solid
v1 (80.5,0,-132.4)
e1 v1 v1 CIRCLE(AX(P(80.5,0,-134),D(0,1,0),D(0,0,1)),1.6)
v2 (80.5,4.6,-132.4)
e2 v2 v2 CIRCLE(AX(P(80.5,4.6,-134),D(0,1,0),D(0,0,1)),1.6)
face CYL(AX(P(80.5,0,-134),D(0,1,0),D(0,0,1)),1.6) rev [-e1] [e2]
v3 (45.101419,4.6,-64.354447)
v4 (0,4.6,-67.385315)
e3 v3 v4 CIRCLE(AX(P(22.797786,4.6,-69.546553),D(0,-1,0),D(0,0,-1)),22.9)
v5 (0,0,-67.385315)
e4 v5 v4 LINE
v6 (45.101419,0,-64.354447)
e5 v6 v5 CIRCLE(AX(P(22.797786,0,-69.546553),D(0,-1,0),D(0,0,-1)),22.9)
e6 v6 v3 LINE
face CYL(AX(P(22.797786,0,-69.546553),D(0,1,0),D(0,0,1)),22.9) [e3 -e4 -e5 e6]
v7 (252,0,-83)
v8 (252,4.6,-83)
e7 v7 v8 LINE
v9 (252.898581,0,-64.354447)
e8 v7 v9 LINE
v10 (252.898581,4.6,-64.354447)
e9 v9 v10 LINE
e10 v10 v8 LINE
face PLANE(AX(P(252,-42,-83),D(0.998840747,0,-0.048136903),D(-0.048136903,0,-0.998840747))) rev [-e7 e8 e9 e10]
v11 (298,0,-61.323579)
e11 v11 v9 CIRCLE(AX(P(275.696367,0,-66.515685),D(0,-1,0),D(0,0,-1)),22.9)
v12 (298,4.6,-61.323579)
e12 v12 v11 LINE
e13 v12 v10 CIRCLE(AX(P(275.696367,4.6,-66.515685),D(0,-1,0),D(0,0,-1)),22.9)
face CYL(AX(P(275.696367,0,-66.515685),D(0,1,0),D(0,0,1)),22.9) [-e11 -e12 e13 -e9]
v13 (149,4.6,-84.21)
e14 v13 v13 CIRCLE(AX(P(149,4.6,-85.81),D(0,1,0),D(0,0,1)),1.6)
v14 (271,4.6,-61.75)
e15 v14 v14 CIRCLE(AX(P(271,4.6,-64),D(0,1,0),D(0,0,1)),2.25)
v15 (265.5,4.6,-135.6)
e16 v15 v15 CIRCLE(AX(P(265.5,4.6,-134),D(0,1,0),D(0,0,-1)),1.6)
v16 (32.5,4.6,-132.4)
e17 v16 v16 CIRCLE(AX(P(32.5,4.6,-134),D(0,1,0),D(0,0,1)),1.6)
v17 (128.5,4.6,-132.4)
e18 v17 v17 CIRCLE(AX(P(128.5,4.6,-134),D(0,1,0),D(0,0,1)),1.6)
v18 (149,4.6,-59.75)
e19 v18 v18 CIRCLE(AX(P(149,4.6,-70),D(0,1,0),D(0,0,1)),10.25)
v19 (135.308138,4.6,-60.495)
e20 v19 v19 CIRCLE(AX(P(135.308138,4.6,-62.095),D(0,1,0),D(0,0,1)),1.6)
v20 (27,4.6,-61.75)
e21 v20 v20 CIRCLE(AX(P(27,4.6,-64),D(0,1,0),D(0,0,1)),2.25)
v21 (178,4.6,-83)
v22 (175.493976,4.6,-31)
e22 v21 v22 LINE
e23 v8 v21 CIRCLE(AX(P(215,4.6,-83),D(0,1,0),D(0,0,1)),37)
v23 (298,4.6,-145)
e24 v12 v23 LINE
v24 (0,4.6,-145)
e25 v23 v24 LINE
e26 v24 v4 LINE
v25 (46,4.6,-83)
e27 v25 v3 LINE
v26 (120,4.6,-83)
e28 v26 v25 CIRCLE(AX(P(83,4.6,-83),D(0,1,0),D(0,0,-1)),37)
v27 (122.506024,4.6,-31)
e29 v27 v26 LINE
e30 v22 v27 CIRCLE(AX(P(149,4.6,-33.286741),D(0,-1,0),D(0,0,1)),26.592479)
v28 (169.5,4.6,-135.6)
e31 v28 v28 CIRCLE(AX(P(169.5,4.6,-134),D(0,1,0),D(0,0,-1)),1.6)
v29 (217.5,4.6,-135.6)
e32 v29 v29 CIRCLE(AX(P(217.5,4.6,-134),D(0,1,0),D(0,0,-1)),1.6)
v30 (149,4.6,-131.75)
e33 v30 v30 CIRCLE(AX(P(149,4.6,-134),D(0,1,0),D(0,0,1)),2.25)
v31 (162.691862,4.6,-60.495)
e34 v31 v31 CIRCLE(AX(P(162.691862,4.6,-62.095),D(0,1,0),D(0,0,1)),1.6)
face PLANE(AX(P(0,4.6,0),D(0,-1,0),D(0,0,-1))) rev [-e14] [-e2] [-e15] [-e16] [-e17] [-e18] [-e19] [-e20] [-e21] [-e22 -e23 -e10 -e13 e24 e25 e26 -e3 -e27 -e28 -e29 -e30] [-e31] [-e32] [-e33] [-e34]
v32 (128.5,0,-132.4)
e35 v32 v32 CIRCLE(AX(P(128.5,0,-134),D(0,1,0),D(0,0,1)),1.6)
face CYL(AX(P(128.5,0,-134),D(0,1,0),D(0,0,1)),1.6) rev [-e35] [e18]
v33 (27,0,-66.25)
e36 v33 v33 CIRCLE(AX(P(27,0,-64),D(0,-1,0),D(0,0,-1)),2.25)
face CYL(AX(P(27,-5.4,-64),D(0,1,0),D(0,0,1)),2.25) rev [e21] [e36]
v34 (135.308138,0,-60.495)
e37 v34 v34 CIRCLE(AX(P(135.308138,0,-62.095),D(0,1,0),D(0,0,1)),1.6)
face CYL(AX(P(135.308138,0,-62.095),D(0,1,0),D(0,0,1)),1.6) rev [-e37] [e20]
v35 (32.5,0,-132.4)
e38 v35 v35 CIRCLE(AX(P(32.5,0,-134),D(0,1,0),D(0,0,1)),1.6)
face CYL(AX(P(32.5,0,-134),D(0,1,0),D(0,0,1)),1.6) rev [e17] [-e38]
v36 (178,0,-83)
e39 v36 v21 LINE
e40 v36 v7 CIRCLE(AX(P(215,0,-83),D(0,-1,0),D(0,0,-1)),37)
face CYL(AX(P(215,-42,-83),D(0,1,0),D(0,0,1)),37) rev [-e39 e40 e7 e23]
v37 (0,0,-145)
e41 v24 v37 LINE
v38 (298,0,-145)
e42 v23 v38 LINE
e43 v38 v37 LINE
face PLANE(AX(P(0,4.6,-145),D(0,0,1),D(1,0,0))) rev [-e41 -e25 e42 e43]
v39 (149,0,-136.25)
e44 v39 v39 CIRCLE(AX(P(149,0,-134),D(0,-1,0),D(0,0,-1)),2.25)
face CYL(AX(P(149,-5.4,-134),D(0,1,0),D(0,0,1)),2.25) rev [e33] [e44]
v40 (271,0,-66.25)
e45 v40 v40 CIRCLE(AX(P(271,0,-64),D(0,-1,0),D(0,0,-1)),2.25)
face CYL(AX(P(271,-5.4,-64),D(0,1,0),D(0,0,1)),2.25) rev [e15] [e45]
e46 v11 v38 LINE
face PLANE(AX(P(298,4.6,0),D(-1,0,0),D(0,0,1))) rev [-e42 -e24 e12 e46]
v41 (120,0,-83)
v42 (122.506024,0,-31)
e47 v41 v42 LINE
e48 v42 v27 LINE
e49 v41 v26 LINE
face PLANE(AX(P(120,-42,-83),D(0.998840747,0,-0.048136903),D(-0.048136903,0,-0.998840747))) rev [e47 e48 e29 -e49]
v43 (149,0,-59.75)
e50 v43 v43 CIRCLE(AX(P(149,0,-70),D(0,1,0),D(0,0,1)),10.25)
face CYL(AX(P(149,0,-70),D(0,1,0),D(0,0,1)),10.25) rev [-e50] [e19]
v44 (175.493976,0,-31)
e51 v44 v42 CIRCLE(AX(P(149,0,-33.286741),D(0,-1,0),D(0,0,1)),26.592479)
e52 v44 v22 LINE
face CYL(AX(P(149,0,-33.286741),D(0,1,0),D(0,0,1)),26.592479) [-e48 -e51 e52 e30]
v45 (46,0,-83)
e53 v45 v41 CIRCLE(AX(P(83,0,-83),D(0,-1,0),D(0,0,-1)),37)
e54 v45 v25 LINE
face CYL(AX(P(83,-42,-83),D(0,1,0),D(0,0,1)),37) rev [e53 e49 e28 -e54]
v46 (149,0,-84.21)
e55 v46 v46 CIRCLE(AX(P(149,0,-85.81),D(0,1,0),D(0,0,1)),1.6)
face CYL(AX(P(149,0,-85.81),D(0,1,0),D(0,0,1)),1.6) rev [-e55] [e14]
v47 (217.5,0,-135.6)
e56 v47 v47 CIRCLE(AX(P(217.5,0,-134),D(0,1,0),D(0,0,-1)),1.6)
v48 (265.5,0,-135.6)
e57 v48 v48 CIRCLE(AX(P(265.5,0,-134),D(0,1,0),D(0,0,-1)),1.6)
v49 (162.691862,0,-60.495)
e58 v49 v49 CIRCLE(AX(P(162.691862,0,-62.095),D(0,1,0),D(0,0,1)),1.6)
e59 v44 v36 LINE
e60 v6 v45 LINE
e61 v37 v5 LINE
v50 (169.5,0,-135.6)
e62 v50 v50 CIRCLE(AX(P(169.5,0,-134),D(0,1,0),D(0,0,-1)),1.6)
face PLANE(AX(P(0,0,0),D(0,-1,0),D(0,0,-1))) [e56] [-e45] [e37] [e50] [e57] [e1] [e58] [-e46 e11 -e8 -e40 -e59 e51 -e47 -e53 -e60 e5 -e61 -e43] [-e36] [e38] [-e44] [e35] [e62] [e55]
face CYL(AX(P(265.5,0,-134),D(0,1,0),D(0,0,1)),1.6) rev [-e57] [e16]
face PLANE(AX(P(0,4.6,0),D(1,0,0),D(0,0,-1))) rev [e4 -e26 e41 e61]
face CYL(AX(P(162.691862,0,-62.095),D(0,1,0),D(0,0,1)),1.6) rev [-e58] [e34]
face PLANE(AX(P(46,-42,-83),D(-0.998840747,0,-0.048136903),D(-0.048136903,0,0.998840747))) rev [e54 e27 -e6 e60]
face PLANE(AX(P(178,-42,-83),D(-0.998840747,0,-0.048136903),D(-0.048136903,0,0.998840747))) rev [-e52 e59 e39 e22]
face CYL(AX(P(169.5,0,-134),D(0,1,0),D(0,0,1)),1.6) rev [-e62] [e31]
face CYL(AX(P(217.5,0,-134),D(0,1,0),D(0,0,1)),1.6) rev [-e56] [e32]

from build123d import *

# Parameters (mm, degrees)
ESQUISSE2_W                = 298
ESQUISSE2_H                = 145
BOSS_EXTRU_1_DEPTH         = 4.6
CREUX_STOCKAGE_VERRE_DEPTH = 46.6
ESQUISSE6_R                = 10.25
TROU_BILLE_DEPTH           = 5.6
ESQUISSE7_R                = 1.6
ENL_V_MAT_EXTRU_3_DEPTH    = 5.6
ENL_V_MAT_EXTRU_7_DEPTH    = 29
ESQUISSE17_R               = 1.6
ENL_V_MAT_EXTRU_14_DEPTH   = 4.6
BOSS_EXTRU_5_DEPTH         = 4.6
ENL_V_MAT_EXTRU_15_DEPTH   = 4.6
ENL_V_MAT_EXTRU_16_DEPTH   = 4.6
ESQUISSE12_R               = 2.25
ENL_V_MAT_EXTRU_17_DEPTH   = 10


with BuildPart() as part:
    # Esquisse2 → Boss.-Extru.1 (new body)
    with BuildSketch(Plane(origin=(0, 0, 0), x_dir=(1, 0, 0), z_dir=(0, 1, 0))):
        with Locations((149, 72.5)):
            Rectangle(ESQUISSE2_W, ESQUISSE2_H)
    extrude(amount=BOSS_EXTRU_1_DEPTH)

    # Esquisse3 → creux_stockage_verre (cut)
    with BuildSketch(Plane(origin=(0, 4.6, 0), x_dir=(1, 0, 0), z_dir=(0, 1, 0))):
        with BuildLine():
            Line((46, 83), (42, 0))
            Line((42, 0), (124, 0))
            Line((124, 0), (120, 83))
            ThreePointArc((120, 83), (83, 120), (46, 83))
        make_face()
        with BuildLine():
            Line((174, 0), (256, 0))
            Line((256, 0), (252, 83))
            ThreePointArc((252, 83), (215, 120), (178, 83))
            Line((178, 83), (174, 0))
        make_face()
    extrude(amount=-CREUX_STOCKAGE_VERRE_DEPTH, mode=Mode.SUBTRACT)

    # Esquisse6 → trou_bille (cut, through all)
    with BuildSketch(Plane(origin=(0, 4.6, 0), x_dir=(1, 0, 0), z_dir=(0, 1, 0))):
        with Locations((149, 70)):
            Circle(ESQUISSE6_R)
    extrude(amount=-TROU_BILLE_DEPTH, mode=Mode.SUBTRACT)

    # Esquisse7 → Enlèv. mat.-Extru.3 (cut, through all)
    with BuildSketch(Plane(origin=(0, 4.6, 0), x_dir=(1, 0, 0), z_dir=(0, 1, 0))):
        with Locations((32.5, 134)):
            Circle(ESQUISSE7_R)
        with Locations((80.5, 134)):
            Circle(ESQUISSE7_R)
        with Locations((128.5, 134)):
            Circle(ESQUISSE7_R)
        with Locations((217.5, 134)):
            Circle(ESQUISSE7_R)
        with Locations((169.5, 134)):
            Circle(ESQUISSE7_R)
        with Locations((265.5, 134)):
            Circle(ESQUISSE7_R)
    extrude(amount=-ENL_V_MAT_EXTRU_3_DEPTH, mode=Mode.SUBTRACT)

    # Esquisse9 → Enlèv. mat.-Extru.7 (cut)
    with BuildSketch(Plane(origin=(0, 4.6, 0), x_dir=(1, 0, 0), z_dir=(0, 1, 0))):
        with BuildLine():
            Line((123.101131567, 18.651519988), (120.058616356, -9.942070174))
            Line((120.058616356, -9.942070174), (178.789756957, -9.942070174))
            Line((178.789756957, -9.942070174), (174.898868433, 18.651519988))
            ThreePointArc((174.898868433, 18.651519988), (149, 12.489846239), (123.101131567, 18.651519988))
        make_face()
    extrude(amount=-ENL_V_MAT_EXTRU_7_DEPTH, mode=Mode.SUBTRACT)

    # Esquisse17 → Enlèv. mat.-Extru.14 (cut)
    with BuildSketch(Plane(origin=(0, 4.6, 0), x_dir=(1, 0, 0), z_dir=(0, 1, 0))):
        with Locations((149, 85.81)):
            Circle(ESQUISSE17_R)
        with Locations((135.308138366, 62.095)):
            Circle(ESQUISSE17_R)
        with Locations((162.691861634, 62.095)):
            Circle(ESQUISSE17_R)
    extrude(amount=-ENL_V_MAT_EXTRU_14_DEPTH, mode=Mode.SUBTRACT)

    # Esquisse15 → Boss.-Extru.5 (add)
    with BuildSketch(Plane(origin=(0, 4.6, 0), x_dir=(1, 0, 0), z_dir=(0, 1, 0))):
        with BuildLine():
            ThreePointArc((175.493975904, 31), (149, 6), (122.506024096, 31))
            ThreePointArc((122.506024096, 31), (149, 25.792591017), (175.493975904, 31))
        make_face()
    extrude(amount=-BOSS_EXTRU_5_DEPTH)

    # Esquisse18 → Enlèv. mat.-Extru.15 (cut)
    with BuildSketch(Plane(origin=(0, 4.6, 0), x_dir=(1, 0, 0), z_dir=(0, 1, 0))):
        with BuildLine():
            Line((175.493975904, 31), (178.847567105, -7.009778322))
            Line((178.847567105, -7.009778322), (115.973210985, -7.009778322))
            Line((115.973210985, -7.009778322), (122.506024096, 31))
            ThreePointArc((122.506024096, 31), (149, 6.694262171), (175.493975904, 31))
        make_face()
    extrude(amount=-ENL_V_MAT_EXTRU_15_DEPTH, mode=Mode.SUBTRACT)

    # Esquisse14 → Enlèv. mat.-Extru.16 (cut)
    with BuildSketch(Plane(origin=(0, 4.6, 0), x_dir=(1, 0, 0), z_dir=(0, 1, 0))):
        with BuildLine():
            Line((0, 71.707789669), (-22.158835411, -9.528975932))
            Line((-22.158835411, -9.528975932), (50.380974376, -9.528975932))
            Line((50.380974376, -9.528975932), (45.101419153, 64.354447432))
            ThreePointArc((45.101419153, 64.354447432), (19.112822484, 46.944980874), (0, 71.707789669))
        make_face()
        with BuildLine():
            Line((252.898580847, 64.354447432), (243.707235712, -12.373693019))
            Line((243.707235712, -12.373693019), (332.150206643, -12.373693019))
            Line((332.150206643, -12.373693019), (298, 71.707789669))
            ThreePointArc((298, 71.707789669), (279.381330699, 43.914112857), (252.898580847, 64.354447432))
        make_face()
    extrude(amount=-ENL_V_MAT_EXTRU_16_DEPTH, mode=Mode.SUBTRACT)

    # Esquisse12 → Enlèv. mat.-Extru.17 (cut)
    with BuildSketch(Plane(origin=(0, 4.6, 0), x_dir=(1, 0, 0), z_dir=(0, 1, 0))):
        with Locations((27, 64)):
            Circle(ESQUISSE12_R)
        with Locations((149, 134)):
            Circle(ESQUISSE12_R)
        with Locations((271, 64)):
            Circle(ESQUISSE12_R)
    extrude(amount=-ENL_V_MAT_EXTRU_17_DEPTH, mode=Mode.SUBTRACT)


solid = part.part
